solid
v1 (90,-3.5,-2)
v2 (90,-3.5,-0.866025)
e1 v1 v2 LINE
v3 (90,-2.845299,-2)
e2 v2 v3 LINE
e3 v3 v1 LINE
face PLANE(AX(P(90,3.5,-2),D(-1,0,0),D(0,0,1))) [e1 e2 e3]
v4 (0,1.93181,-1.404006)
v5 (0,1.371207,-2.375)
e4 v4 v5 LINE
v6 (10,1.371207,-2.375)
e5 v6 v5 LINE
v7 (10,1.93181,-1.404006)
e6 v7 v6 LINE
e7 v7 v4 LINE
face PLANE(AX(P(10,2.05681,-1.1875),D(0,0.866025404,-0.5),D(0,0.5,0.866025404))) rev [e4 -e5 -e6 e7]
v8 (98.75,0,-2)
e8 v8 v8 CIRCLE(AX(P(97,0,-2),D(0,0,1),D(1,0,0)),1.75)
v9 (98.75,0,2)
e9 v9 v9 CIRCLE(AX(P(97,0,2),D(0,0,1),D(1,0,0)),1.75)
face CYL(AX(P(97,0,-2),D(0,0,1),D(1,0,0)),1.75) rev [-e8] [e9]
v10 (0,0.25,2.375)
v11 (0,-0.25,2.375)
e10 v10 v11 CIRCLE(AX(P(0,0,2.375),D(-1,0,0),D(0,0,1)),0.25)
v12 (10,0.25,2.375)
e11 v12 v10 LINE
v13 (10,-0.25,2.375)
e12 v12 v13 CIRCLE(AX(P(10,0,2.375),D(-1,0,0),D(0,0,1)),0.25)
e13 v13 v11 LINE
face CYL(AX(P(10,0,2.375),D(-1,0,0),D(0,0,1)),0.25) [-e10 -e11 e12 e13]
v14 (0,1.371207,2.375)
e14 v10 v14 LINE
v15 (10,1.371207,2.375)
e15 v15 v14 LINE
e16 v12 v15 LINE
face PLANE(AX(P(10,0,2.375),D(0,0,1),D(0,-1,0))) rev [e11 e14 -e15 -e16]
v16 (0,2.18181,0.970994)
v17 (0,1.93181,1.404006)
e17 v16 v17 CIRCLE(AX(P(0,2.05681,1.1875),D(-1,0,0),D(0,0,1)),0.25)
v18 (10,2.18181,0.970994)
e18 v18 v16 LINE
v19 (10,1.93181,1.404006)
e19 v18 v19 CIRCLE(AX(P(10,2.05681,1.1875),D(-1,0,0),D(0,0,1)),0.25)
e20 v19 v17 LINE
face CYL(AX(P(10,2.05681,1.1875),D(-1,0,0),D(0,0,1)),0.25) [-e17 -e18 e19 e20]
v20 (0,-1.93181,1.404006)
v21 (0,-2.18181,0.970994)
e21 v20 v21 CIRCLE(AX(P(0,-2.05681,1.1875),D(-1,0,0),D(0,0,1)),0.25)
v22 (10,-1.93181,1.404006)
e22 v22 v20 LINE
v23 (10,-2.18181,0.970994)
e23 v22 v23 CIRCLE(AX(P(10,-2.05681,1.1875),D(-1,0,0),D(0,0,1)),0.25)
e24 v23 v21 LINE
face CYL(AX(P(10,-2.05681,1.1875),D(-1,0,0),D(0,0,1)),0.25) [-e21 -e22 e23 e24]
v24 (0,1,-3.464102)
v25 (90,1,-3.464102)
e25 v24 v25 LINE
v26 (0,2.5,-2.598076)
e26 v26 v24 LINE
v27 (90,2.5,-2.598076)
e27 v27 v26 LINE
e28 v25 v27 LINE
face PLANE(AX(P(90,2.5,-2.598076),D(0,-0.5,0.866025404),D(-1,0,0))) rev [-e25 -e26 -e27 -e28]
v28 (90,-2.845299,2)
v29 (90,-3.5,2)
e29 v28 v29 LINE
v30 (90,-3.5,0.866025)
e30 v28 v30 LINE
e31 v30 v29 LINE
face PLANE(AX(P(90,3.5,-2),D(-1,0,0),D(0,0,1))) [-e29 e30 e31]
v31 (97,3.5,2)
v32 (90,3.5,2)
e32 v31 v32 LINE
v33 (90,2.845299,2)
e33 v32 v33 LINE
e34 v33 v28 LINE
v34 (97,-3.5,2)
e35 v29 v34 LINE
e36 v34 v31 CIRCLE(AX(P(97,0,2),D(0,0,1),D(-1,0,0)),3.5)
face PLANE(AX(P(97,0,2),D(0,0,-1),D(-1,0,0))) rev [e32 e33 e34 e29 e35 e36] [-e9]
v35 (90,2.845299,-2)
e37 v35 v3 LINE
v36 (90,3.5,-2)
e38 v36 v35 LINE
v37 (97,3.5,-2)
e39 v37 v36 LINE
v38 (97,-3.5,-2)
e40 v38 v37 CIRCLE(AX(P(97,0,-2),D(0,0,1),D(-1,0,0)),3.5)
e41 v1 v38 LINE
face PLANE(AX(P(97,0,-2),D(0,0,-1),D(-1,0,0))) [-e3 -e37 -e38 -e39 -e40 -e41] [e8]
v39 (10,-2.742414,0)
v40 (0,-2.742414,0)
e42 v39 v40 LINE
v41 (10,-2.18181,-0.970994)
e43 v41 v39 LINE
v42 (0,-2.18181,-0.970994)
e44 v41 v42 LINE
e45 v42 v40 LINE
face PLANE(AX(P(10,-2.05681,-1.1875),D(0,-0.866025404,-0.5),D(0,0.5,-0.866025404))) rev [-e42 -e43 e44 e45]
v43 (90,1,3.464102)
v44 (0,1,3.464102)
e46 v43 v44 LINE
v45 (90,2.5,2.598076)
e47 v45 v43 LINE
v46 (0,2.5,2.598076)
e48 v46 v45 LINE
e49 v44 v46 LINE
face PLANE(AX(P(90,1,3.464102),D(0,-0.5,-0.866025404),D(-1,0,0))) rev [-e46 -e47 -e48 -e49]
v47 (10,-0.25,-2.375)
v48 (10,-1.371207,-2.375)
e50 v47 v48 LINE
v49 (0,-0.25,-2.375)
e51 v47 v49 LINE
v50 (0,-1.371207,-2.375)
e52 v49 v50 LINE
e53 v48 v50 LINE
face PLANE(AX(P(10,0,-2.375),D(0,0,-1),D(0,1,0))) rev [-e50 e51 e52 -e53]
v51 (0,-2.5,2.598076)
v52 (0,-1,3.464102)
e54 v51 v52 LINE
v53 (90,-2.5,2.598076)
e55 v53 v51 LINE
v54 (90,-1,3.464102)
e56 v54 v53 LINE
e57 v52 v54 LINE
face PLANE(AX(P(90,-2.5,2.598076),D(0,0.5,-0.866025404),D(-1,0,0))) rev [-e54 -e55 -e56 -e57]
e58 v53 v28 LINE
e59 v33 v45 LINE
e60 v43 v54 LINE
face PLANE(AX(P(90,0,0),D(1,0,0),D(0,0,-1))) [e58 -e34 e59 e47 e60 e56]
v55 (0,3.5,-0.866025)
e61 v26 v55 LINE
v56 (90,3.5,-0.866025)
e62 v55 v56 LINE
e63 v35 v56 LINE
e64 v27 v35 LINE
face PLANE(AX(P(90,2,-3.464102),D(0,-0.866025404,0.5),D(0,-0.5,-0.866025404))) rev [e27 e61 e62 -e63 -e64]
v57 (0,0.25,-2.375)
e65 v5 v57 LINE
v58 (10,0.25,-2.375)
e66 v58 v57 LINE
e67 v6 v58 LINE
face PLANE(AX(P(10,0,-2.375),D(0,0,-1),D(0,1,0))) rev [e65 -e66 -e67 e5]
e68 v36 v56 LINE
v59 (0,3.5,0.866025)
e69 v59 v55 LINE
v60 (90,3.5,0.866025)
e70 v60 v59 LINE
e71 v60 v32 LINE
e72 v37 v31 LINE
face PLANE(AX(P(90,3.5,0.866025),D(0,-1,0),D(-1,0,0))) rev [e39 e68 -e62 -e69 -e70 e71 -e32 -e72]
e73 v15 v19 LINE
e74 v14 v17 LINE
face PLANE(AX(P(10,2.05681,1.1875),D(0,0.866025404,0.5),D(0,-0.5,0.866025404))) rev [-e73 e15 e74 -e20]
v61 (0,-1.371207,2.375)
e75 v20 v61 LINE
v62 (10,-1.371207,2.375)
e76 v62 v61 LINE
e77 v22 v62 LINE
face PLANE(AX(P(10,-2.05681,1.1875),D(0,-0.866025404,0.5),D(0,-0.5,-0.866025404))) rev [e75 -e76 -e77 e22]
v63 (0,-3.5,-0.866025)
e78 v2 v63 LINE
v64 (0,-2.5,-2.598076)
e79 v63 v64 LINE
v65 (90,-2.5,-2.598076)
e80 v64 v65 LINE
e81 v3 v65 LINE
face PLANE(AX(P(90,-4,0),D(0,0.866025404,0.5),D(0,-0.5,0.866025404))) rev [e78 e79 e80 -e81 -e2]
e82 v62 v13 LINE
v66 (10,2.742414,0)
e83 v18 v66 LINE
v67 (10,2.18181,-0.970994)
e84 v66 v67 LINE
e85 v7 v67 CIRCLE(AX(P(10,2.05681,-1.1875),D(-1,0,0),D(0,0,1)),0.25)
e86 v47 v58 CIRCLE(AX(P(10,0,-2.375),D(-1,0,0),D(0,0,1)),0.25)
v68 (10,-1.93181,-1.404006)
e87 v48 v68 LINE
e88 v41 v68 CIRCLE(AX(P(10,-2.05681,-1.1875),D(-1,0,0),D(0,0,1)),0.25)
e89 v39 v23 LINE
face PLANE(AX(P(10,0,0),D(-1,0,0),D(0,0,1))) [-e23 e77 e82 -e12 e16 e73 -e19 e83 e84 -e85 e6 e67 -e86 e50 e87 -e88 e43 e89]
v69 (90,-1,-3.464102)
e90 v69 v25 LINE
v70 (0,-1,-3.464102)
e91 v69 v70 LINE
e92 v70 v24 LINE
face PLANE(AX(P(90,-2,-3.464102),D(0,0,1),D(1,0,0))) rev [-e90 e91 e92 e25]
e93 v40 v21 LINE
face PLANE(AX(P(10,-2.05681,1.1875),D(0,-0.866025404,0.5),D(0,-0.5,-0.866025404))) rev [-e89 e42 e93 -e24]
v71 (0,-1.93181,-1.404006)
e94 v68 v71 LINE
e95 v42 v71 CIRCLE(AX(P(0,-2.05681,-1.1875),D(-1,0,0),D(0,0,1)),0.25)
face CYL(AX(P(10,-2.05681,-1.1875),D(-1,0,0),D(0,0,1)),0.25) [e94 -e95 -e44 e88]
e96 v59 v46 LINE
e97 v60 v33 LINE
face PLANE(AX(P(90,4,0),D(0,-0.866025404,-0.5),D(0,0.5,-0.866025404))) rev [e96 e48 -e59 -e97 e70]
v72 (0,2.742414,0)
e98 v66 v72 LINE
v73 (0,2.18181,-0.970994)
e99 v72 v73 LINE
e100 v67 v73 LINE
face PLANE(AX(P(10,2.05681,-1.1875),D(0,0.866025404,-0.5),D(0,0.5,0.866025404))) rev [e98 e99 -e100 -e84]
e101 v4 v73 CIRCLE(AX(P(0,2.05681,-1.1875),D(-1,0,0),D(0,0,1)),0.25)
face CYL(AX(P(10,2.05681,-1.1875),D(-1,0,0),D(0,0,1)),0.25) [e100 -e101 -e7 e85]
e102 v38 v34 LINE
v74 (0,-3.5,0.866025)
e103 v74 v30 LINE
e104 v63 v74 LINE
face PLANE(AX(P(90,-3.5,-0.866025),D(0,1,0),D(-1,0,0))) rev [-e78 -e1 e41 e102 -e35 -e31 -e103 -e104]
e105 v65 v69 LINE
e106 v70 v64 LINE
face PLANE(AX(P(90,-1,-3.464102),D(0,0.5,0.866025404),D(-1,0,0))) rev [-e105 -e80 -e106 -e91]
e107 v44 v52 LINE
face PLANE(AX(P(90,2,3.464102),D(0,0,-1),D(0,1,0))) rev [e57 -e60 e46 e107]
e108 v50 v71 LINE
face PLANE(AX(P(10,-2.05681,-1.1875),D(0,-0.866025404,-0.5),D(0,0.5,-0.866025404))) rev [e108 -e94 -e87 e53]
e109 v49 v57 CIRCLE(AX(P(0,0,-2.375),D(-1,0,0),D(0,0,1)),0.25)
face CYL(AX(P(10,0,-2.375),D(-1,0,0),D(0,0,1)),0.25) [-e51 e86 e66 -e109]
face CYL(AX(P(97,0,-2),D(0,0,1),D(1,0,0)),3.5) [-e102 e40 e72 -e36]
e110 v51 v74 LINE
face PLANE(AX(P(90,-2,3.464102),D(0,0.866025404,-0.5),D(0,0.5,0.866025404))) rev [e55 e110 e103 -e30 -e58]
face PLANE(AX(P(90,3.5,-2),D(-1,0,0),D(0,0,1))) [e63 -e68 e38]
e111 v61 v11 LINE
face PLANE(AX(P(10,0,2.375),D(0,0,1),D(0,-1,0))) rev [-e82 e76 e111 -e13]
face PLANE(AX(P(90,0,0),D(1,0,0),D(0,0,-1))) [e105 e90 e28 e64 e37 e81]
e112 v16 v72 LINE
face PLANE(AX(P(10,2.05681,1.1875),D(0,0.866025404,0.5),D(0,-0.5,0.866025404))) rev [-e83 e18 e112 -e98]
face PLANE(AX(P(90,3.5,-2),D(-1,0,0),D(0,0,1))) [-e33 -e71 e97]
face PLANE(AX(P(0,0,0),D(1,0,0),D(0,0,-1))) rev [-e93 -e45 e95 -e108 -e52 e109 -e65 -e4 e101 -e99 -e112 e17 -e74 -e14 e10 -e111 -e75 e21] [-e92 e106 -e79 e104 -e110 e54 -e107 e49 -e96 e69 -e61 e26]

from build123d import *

# Parameters (mm, degrees)
BOSS_EXTRUDE1_DEPTH      = 90
CUT_EXTRUDE1_DEPTH       = 10
CHAMFER1_SIZE            = 1
CHAMFER1_EDGE_2_SIZE     = 1
CHAMFER1_EDGE_3_SIZE     = 1
CHAMFER1_EDGE_4_SIZE     = 1
CHAMFER1_EDGE_5_SIZE     = 1
CHAMFER1_EDGE_6_SIZE     = 1
BOSS_EXTRUDE2_DEPTH      = 2
BOSS_EXTRUDE2_DEPTH_BACK = 2
SKETCH2_R                = 1.75


with BuildPart() as part:
    # Sketch1 → Boss-Extrude1 (new body)
    with BuildSketch(Plane(origin=(0, 0, 0), x_dir=(0, 0, -1), z_dir=(1, 0, 0))):
        Polygon((3.464101615, -2), (3.464101615, 2), (0, 4), (-3.464101615, 2), (-3.464101615, -2), (0, -4), align=None)
    extrude(amount=BOSS_EXTRUDE1_DEPTH)

    # Sketch5 → Cut-Extrude1 (cut)
    with BuildSketch(Plane.ZY):
        with BuildLine():
            Line((1.404006351, -1.931810334), (2.375, -1.371206889))
            Line((2.375, -1.371206889), (2.375, -0.25))
            ThreePointArc((2.375, -0.25), (2.125, 0), (2.375, 0.25))
            Line((2.375, 0.25), (2.375, 1.371206889))
            Line((2.375, 1.371206889), (1.404006351, 1.931810334))
            ThreePointArc((1.404006351, 1.931810334), (1.0625, 1.840303983), (0.970993649, 2.181810334))
            Line((0.970993649, 2.181810334), (0, 2.742413779))
            Line((0, 2.742413779), (-0.970993649, 2.181810334))
            ThreePointArc((-0.970993649, 2.181810334), (-0.946018543, 2.121515095), (-0.9375, 2.056810334))
            ThreePointArc((-0.9375, 2.056810334), (-1.122795239, 1.815328877), (-1.404006351, 1.931810334))
            Line((-1.404006351, 1.931810334), (-2.375, 1.371206889))
            Line((-2.375, 1.371206889), (-2.375, 0.25))
            ThreePointArc((-2.375, 0.25), (-2.198223305, 0.176776695), (-2.125, 0))
            ThreePointArc((-2.125, 0), (-2.198223305, -0.176776695), (-2.375, -0.25))
            Line((-2.375, -0.25), (-2.375, -1.371206889))
            Line((-2.375, -1.371206889), (-1.404006351, -1.931810334))
            ThreePointArc((-1.404006351, -1.931810334), (-1.122795239, -1.815328877), (-0.9375, -2.056810334))
            ThreePointArc((-0.9375, -2.056810334), (-0.946018543, -2.121515095), (-0.970993649, -2.181810334))
            Line((-0.970993649, -2.181810334), (0, -2.742413779))
            Line((0, -2.742413779), (0.970993649, -2.181810334))
            ThreePointArc((0.970993649, -2.181810334), (1.0625, -1.840303983), (1.404006351, -1.931810334))
        make_face()
    extrude(amount=-CUT_EXTRUDE1_DEPTH, mode=Mode.SUBTRACT)

    # Chamfer1
    chamfer1_edges = [part.edges().sort_by_distance(p)[0] for p in [
        (45, -4, 0),
    ]]
    chamfer(chamfer1_edges, length=CHAMFER1_SIZE)

    # Chamfer1 edge 2
    chamfer1_edge_2_edges = [part.edges().sort_by_distance(p)[0] for p in [
        (45, -2, 3.464101615),
    ]]
    chamfer(chamfer1_edge_2_edges, length=CHAMFER1_EDGE_2_SIZE)

    # Chamfer1 edge 3
    chamfer1_edge_3_edges = [part.edges().sort_by_distance(p)[0] for p in [
        (45, 2, 3.464101615),
    ]]
    chamfer(chamfer1_edge_3_edges, length=CHAMFER1_EDGE_3_SIZE)

    # Chamfer1 edge 4
    chamfer1_edge_4_edges = [part.edges().sort_by_distance(p)[0] for p in [
        (45, 4, 0),
    ]]
    chamfer(chamfer1_edge_4_edges, length=CHAMFER1_EDGE_4_SIZE)

    # Chamfer1 edge 5
    chamfer1_edge_5_edges = [part.edges().sort_by_distance(p)[0] for p in [
        (45, 2, -3.464101615),
    ]]
    chamfer(chamfer1_edge_5_edges, length=CHAMFER1_EDGE_5_SIZE)

    # Chamfer1 edge 6
    chamfer1_edge_6_edges = [part.edges().sort_by_distance(p)[0] for p in [
        (45, -2, -3.464101615),
    ]]
    chamfer(chamfer1_edge_6_edges, length=CHAMFER1_EDGE_6_SIZE)

    # Sketch2 → Boss-Extrude2 (add, two sides: drawn at the far end of the back side and taken through both)
    with BuildSketch(Plane.XY.offset(-BOSS_EXTRUDE2_DEPTH_BACK)):
        with BuildLine():
            Line((90, 3.5), (97, 3.5))
            ThreePointArc((97, 3.5), (100.5, 0), (97, -3.5))
            Line((97, -3.5), (90, -3.5))
            Line((90, -3.5), (90, 3.5))
        make_face()
        with Locations((97, 0)):
            Circle(SKETCH2_R, mode=Mode.SUBTRACT)
    extrude(amount=BOSS_EXTRUDE2_DEPTH + BOSS_EXTRUDE2_DEPTH_BACK)


solid = part.part
